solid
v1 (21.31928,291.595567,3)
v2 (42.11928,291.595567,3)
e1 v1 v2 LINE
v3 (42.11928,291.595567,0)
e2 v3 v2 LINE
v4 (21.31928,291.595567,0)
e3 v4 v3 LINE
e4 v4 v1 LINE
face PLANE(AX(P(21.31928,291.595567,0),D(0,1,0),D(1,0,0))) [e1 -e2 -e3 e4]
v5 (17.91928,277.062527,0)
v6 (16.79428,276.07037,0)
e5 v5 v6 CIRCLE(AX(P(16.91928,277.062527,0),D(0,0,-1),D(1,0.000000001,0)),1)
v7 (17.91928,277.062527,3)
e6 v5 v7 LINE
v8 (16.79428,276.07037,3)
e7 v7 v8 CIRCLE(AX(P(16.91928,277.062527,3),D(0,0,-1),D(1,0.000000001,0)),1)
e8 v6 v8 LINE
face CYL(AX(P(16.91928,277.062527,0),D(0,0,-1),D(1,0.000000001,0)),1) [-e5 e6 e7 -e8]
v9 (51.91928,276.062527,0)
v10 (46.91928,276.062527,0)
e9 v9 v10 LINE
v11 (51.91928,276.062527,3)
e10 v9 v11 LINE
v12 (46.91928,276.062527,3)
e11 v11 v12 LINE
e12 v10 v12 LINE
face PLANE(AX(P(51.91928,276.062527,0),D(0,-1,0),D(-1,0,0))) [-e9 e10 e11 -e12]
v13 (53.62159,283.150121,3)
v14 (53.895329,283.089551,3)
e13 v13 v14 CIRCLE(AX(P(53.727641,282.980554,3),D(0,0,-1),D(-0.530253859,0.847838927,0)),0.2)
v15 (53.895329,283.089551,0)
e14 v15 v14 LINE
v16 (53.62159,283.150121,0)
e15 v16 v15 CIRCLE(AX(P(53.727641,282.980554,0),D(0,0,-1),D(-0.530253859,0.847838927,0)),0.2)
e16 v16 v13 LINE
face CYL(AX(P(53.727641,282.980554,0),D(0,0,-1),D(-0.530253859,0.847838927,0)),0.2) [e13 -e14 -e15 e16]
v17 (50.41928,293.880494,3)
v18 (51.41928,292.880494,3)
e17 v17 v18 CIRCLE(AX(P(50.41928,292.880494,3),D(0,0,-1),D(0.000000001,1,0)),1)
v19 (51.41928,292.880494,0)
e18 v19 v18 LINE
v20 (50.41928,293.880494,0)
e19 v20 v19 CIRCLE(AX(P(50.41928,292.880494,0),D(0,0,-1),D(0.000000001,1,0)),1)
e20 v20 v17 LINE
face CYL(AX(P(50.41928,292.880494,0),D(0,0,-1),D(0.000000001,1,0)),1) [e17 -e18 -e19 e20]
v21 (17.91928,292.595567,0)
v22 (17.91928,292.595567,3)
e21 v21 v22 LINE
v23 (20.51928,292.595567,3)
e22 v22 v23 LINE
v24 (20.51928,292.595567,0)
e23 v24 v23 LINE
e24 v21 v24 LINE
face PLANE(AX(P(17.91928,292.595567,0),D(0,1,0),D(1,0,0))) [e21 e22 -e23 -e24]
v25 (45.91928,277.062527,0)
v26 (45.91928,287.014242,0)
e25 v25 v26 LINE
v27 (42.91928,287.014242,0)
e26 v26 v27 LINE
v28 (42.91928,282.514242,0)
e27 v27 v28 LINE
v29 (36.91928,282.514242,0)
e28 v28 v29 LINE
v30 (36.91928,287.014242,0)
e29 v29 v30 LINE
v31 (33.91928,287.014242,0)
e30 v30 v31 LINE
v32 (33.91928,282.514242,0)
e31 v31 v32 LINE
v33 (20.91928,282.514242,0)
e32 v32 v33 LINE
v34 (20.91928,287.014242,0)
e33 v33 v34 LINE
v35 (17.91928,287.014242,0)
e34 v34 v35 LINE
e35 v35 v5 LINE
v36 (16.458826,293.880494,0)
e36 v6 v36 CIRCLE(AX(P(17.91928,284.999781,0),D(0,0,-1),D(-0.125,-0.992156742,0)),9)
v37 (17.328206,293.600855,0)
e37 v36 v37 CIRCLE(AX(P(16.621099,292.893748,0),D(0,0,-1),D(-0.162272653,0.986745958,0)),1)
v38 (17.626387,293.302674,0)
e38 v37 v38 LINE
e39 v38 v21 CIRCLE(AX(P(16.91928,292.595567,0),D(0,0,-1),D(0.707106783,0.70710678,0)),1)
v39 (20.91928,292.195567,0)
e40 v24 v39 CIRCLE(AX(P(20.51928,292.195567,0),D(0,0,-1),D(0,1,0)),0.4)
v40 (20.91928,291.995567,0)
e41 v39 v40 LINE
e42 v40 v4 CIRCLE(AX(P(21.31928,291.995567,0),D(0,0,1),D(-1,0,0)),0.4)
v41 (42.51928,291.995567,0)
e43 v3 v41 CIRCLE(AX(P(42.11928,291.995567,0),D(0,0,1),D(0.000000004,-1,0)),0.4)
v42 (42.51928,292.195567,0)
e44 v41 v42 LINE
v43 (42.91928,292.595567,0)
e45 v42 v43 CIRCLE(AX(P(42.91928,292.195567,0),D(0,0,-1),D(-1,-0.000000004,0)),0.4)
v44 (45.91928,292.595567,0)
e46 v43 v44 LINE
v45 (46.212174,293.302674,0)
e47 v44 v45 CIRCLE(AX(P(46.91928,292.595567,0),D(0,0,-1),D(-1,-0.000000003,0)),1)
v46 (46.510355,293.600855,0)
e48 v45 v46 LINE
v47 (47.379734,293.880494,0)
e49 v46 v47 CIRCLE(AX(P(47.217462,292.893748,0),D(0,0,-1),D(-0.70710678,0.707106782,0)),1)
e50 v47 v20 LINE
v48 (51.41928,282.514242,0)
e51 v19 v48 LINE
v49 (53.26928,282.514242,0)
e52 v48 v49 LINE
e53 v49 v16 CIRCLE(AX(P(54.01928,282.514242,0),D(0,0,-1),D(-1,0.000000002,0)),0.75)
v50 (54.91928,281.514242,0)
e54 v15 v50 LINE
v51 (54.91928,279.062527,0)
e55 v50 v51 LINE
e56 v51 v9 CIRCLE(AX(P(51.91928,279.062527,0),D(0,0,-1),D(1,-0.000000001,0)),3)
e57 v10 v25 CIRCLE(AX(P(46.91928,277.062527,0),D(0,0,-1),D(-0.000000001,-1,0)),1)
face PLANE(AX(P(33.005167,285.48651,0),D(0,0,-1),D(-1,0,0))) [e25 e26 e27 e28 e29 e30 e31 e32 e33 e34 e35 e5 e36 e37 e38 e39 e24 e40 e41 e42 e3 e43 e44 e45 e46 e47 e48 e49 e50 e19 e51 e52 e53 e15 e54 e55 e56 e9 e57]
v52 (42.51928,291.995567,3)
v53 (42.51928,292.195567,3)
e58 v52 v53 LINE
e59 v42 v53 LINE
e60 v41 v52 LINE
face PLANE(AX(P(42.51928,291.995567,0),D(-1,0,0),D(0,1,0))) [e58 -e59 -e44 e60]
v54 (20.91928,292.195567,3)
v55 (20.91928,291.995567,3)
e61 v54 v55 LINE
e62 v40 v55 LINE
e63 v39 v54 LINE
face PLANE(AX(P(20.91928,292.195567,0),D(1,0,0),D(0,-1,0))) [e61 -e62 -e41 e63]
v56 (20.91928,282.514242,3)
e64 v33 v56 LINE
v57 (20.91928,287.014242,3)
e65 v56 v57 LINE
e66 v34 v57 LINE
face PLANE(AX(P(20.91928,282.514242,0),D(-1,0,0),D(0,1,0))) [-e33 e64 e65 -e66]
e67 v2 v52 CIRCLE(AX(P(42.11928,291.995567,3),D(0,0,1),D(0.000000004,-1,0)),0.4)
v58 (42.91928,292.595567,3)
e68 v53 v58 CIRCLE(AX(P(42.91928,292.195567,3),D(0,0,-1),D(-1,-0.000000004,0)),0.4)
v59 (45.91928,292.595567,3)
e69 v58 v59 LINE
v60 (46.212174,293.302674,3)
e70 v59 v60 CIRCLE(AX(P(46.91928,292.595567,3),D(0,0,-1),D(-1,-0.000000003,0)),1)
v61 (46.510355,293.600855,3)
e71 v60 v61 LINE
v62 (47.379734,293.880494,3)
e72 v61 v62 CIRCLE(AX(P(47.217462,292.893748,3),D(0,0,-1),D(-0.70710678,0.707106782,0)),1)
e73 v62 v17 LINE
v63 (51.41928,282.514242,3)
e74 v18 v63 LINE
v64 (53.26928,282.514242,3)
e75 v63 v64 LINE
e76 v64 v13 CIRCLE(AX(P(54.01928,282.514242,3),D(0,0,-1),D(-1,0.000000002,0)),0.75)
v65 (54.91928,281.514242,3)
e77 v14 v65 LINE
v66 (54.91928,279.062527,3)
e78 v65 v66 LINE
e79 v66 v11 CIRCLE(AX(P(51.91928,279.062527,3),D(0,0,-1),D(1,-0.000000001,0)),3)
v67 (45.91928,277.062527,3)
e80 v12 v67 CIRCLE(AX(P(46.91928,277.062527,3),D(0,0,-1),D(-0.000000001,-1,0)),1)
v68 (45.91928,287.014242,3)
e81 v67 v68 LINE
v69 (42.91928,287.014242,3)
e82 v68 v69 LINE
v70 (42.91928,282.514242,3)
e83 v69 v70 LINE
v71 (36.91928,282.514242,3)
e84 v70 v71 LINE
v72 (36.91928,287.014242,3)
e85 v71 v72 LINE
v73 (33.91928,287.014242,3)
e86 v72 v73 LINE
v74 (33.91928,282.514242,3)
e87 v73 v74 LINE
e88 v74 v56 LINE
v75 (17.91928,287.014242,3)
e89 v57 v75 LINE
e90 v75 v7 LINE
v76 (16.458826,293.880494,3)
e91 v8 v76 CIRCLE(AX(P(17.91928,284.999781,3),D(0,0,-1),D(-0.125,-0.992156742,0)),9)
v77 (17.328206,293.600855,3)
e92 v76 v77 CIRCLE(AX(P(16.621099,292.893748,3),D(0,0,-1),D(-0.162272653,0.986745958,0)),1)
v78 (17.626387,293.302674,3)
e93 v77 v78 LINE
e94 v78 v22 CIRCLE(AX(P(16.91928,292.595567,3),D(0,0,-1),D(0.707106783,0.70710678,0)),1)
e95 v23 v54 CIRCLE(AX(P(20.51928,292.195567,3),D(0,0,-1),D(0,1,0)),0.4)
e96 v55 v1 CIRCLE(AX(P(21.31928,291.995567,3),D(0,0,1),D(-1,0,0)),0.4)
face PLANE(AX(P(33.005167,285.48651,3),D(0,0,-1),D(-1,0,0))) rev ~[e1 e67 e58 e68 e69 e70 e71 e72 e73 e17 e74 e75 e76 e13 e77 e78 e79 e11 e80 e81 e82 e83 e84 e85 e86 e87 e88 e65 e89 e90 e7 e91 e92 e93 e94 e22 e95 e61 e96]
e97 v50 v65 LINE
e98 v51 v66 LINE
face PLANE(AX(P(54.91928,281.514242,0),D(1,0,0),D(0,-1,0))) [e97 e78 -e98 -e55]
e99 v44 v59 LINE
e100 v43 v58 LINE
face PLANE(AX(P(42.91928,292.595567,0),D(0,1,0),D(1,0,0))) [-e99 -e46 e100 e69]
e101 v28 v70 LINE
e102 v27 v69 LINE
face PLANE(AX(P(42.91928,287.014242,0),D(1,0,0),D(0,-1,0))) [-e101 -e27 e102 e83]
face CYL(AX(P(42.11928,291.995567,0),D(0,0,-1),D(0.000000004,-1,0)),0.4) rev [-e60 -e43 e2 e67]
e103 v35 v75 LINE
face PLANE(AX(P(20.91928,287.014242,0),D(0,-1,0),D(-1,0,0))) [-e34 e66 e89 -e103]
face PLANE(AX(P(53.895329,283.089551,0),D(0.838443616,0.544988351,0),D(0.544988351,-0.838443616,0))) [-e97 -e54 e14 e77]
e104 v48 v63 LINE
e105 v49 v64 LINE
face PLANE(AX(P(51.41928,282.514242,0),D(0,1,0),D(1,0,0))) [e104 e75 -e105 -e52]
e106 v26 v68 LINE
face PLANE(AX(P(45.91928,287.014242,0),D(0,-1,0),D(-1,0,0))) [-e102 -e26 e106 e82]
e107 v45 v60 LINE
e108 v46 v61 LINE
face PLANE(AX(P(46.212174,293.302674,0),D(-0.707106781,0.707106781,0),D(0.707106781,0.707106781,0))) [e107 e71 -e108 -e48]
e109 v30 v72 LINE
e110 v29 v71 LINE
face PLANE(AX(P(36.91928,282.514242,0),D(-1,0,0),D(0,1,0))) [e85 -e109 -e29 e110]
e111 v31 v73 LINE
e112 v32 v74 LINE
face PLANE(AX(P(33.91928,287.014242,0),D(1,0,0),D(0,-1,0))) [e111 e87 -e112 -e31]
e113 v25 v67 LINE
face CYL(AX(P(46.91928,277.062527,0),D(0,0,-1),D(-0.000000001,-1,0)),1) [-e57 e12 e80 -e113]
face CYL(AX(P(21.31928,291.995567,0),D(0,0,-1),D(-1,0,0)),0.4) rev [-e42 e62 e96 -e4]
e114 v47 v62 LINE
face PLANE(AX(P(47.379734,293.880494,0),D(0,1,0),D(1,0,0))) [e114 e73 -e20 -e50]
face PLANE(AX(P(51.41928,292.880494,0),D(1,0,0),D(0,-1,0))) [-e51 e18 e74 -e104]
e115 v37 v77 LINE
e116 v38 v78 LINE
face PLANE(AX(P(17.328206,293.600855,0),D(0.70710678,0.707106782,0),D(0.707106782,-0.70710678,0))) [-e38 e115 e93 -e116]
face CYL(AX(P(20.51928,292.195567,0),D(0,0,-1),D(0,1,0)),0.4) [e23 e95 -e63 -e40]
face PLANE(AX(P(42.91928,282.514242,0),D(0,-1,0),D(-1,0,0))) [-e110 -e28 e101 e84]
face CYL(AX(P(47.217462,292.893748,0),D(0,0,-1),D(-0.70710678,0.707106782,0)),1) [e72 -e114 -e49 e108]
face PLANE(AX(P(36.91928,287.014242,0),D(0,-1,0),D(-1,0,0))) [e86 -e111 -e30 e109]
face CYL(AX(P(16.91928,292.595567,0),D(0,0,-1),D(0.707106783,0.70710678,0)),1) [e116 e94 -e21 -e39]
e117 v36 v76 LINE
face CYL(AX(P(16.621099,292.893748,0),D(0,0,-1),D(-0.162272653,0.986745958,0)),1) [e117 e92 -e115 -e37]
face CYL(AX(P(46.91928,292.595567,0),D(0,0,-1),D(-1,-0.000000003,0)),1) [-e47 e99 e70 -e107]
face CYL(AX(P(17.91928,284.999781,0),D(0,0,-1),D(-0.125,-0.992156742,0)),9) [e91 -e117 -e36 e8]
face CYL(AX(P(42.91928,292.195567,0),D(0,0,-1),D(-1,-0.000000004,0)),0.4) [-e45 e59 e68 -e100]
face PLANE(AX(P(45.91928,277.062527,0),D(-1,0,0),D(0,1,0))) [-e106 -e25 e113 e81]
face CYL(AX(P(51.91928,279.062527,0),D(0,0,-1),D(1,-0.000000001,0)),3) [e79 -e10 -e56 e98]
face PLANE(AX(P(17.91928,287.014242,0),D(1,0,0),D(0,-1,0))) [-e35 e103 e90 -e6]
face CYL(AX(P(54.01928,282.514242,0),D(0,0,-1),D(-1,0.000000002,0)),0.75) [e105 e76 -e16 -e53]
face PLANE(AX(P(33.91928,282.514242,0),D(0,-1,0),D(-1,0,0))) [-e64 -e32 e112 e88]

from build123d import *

# Parameters (mm, degrees)
SALIENTE_EXTRUIR1_DEPTH = 3


with BuildPart() as part:
    # Model → Saliente-Extruir1 (new body)
    with BuildSketch(Plane.XY):
        with BuildLine():
            Line((47.379734173, 293.880494369), (50.419280292, 293.880494369))
            ThreePointArc((50.419280292, 293.880494369), (51.126387073, 293.58760115), (51.419280292, 292.880494369))
            Line((51.419280292, 292.880494369), (51.419280292, 282.514242123))
            Line((51.419280292, 282.514242123), (53.269280292, 282.514242123))
            ThreePointArc((53.269280292, 282.514242123), (53.363243785, 282.877719909), (53.621589895, 283.150121316))
            ThreePointArc((53.621589895, 283.150121316), (53.770849393, 283.175830273), (53.895329391, 283.089551201))
            Line((53.895329391, 283.089551201), (54.919280292, 281.514242123))
            Line((54.919280292, 281.514242123), (54.919280292, 279.062526812))
            ThreePointArc((54.919280292, 279.062526812), (54.040600635, 276.941206469), (51.919280292, 276.062526812))
            Line((51.919280292, 276.062526812), (46.919280292, 276.062526812))
            ThreePointArc((46.919280292, 276.062526812), (46.212173511, 276.355420031), (45.919280292, 277.062526812))
            Line((45.919280292, 277.062526812), (45.919280292, 287.014242123))
            Line((45.919280292, 287.014242123), (42.919280292, 287.014242123))
            Line((42.919280292, 287.014242123), (42.919280292, 282.514242123))
            Line((42.919280292, 282.514242123), (36.919280292, 282.514242123))
            Line((36.919280292, 282.514242123), (36.919280292, 287.014242123))
            Line((36.919280292, 287.014242123), (33.919280292, 287.014242123))
            Line((33.919280292, 287.014242123), (33.919280292, 282.514242123))
            Line((33.919280292, 282.514242123), (20.919280292, 282.514242123))
            Line((20.919280292, 282.514242123), (20.919280292, 287.014242123))
            Line((20.919280292, 287.014242123), (17.919280292, 287.014242123))
            Line((17.919280292, 287.014242123), (17.919280292, 277.062526812))
            ThreePointArc((17.919280292, 277.062526812), (17.58071812, 276.312526812), (16.794280292, 276.070370071))
            ThreePointArc((16.794280292, 276.070370071), (8.920876277, 284.83029571), (16.458826411, 293.880494369))
            ThreePointArc((16.458826411, 293.880494369), (16.927302549, 293.845714495), (17.328205845, 293.600855192))
            Line((17.328205845, 293.600855192), (17.626387073, 293.302673965))
            ThreePointArc((17.626387073, 293.302673965), (17.843159824, 292.978250616), (17.919280292, 292.595567183))
            Line((17.919280292, 292.595567183), (20.519280292, 292.595567183))
            ThreePointArc((20.519280292, 292.595567183), (20.802123004, 292.478409896), (20.919280292, 292.195567183))
            Line((20.919280292, 292.195567183), (20.919280292, 291.995567183))
            ThreePointArc((20.919280292, 291.995567183), (21.036437579, 291.712724471), (21.319280292, 291.595567183))
            Line((21.319280292, 291.595567183), (42.119280292, 291.595567183))
            ThreePointArc((42.119280292, 291.595567183), (42.402123004, 291.712724471), (42.519280292, 291.995567183))
            Line((42.519280292, 291.995567183), (42.519280292, 292.195567183))
            ThreePointArc((42.519280292, 292.195567183), (42.636437579, 292.478409896), (42.919280292, 292.595567183))
            Line((42.919280292, 292.595567183), (45.919280292, 292.595567183))
            ThreePointArc((45.919280292, 292.595567183), (45.995400759, 292.978250616), (46.212173511, 293.302673965))
            Line((46.212173511, 293.302673965), (46.510354738, 293.600855192))
            ThreePointArc((46.510354738, 293.600855192), (46.911258035, 293.845714495), (47.379734173, 293.880494369))
        make_face()
    extrude(amount=SALIENTE_EXTRUIR1_DEPTH)


solid = part.part
